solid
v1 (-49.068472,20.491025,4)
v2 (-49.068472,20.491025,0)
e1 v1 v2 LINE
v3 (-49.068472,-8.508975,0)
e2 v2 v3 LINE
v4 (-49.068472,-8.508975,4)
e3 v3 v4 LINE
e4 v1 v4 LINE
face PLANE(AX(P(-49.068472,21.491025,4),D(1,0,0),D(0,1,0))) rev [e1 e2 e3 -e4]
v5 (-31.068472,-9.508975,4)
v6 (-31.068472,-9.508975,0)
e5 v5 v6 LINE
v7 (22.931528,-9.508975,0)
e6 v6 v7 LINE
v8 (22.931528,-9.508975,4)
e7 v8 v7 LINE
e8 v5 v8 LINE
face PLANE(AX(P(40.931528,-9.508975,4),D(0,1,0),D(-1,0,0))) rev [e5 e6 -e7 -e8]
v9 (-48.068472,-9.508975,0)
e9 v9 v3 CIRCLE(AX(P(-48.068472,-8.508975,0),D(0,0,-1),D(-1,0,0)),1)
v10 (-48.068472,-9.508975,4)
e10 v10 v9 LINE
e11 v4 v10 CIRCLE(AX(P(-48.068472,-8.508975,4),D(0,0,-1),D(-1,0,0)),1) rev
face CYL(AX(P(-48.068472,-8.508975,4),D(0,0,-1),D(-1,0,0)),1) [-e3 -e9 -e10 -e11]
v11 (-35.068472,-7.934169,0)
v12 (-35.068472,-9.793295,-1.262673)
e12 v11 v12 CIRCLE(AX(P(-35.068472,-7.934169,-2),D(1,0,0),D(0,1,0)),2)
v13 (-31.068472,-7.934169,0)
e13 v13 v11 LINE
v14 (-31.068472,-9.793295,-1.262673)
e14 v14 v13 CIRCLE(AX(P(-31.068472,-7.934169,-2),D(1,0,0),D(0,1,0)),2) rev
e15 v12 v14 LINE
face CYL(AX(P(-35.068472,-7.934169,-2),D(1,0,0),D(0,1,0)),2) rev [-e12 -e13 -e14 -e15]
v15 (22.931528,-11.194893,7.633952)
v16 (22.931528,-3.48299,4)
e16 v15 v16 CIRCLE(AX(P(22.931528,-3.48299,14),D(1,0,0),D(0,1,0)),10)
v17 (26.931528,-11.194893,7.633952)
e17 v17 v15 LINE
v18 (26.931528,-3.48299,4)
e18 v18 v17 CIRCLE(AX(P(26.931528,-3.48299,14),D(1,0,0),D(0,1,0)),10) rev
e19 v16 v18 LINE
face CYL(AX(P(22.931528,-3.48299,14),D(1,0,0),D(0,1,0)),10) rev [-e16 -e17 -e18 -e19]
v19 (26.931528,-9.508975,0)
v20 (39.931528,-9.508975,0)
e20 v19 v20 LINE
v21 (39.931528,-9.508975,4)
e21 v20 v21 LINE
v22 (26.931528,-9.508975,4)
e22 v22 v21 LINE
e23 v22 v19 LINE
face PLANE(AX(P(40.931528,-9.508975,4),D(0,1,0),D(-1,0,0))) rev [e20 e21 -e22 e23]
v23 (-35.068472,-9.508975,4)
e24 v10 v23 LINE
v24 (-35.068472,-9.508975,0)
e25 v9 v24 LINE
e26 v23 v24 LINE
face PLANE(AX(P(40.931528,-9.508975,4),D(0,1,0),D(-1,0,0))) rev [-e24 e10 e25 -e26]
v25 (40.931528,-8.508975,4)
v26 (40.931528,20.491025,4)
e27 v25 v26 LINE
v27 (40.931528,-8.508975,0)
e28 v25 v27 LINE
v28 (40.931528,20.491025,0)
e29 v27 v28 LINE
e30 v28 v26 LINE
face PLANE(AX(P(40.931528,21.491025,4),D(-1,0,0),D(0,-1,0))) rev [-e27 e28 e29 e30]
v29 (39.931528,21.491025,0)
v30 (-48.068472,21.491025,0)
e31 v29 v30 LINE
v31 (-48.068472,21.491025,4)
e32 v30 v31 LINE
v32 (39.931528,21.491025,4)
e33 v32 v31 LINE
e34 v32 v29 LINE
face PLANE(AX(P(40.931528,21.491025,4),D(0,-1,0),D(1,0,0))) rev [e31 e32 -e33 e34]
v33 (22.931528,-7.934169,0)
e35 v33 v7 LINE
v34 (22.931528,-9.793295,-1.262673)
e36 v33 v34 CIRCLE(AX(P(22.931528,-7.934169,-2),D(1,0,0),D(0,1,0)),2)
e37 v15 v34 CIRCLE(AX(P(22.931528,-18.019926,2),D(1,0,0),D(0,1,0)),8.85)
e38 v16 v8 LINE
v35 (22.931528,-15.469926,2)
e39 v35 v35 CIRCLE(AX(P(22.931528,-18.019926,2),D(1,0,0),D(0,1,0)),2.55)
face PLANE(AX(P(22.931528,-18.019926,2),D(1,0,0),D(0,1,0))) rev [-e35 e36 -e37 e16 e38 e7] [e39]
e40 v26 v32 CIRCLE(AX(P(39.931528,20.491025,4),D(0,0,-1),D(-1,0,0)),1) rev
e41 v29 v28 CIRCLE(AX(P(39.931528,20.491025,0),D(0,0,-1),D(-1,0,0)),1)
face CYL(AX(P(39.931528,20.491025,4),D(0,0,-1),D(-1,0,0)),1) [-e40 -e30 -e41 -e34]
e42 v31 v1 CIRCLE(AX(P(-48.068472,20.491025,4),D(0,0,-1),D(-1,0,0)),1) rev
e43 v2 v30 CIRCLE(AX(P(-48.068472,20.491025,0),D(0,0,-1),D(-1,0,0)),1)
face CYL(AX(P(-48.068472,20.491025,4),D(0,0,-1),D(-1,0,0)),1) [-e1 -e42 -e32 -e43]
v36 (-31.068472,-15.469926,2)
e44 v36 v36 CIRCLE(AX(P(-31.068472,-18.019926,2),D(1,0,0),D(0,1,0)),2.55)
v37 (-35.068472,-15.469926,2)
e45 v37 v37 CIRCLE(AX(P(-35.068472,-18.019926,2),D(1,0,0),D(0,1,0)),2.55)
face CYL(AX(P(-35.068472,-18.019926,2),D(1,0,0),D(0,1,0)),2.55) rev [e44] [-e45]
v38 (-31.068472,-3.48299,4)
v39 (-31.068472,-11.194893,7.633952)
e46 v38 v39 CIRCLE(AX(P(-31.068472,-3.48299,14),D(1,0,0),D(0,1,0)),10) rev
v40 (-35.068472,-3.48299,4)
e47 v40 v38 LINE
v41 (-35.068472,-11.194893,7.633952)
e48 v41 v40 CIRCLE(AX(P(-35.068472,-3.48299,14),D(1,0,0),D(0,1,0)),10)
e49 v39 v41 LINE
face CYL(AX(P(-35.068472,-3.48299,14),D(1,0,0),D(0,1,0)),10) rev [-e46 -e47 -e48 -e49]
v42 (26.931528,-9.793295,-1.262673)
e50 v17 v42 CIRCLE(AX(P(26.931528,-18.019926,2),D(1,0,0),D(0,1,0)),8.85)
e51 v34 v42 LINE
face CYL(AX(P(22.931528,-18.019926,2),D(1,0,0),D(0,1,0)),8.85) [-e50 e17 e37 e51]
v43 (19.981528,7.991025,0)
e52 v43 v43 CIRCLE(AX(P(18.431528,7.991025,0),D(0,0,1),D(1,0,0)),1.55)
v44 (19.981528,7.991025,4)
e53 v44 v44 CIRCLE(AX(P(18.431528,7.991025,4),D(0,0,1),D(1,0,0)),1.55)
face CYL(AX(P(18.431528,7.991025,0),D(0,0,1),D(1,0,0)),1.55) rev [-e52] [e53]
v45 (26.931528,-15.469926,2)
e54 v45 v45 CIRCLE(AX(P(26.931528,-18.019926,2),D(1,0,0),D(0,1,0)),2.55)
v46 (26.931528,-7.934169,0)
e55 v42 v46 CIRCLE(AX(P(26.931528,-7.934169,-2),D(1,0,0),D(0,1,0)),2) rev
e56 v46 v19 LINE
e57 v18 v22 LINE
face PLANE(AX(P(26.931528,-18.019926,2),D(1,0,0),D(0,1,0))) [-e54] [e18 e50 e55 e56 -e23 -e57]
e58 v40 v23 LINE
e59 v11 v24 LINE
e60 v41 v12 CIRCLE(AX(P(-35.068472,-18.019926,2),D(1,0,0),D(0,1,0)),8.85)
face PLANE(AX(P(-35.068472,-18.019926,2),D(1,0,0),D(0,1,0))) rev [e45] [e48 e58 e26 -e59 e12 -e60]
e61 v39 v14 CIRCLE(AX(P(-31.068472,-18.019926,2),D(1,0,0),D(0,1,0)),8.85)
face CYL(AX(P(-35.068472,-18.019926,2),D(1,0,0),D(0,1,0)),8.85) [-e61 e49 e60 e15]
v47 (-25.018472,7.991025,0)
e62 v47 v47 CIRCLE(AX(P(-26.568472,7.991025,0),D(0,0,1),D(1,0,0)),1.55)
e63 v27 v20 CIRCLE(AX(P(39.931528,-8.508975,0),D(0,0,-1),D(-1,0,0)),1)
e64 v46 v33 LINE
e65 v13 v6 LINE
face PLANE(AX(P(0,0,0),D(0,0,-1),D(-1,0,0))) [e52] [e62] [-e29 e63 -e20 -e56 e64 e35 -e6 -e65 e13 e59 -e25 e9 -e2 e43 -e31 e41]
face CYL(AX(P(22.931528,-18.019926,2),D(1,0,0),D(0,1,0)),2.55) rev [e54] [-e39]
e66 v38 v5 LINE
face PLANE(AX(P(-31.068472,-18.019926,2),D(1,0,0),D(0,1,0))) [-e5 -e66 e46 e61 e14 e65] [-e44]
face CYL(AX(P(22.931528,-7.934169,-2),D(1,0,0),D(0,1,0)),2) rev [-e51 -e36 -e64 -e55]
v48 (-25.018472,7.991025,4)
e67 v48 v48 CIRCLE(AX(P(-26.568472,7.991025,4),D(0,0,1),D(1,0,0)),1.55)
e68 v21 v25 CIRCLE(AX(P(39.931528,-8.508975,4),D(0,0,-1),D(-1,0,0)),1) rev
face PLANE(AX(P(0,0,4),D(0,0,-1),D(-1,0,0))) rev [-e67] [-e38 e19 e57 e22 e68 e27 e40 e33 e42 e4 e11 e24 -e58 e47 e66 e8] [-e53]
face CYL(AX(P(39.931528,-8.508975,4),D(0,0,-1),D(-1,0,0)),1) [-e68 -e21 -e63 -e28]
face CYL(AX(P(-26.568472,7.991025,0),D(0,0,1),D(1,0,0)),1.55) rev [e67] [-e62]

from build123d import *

# Parameters (mm, degrees)
SKIZZE1_W                       = 90
SKIZZE1_H                       = 31
AUFSATZ_LINEAR_AUSTRAGEN1_DEPTH = 4
SKIZZE4_R                       = 8.85
SKIZZE4_R_2                     = 2.55
AUFSATZ_LINEAR_AUSTRAGEN3_DEPTH = 4
LINEARES_MUSTER1_COUNT          = 2
LINEARES_MUSTER1_PITCH          = 58
VERRUNDUNG2_R                   = 10
VERRUNDUNG3_R                   = 2
SKIZZE6_R                       = 1.55
SCHNITT_LINEAR_AUSTRAGEN1_DEPTH = 4
VERRUNDUNG4_R                   = 1


with BuildPart() as part:
    # Skizze1 → Aufsatz-Linear austragen1 (new body)
    with BuildSketch(Plane.XY):
        with Locations((-4.068471812, 5.991025438)):
            Rectangle(SKIZZE1_W, SKIZZE1_H)
    extrude(amount=AUFSATZ_LINEAR_AUSTRAGEN1_DEPTH)

    # Skizze4 → Aufsatz-Linear austragen3 (add)
    with BuildSketch(Plane(origin=(26.931528188, 0, 0), x_dir=(0, 0, -1), z_dir=(1, 0, 0))):
        with Locations((-2, -18.01992615)):
            Circle(SKIZZE4_R)
        with Locations((-2, -18.01992615)):
            Circle(SKIZZE4_R_2, mode=Mode.SUBTRACT)
    aufsatz_linear_austragen3 = extrude(amount=-AUFSATZ_LINEAR_AUSTRAGEN3_DEPTH)

    # Lineares Muster1: Aufsatz-Linear austragen3 ×2
    with Locations(*[(-i * LINEARES_MUSTER1_PITCH, 0, 0) for i in range(1, LINEARES_MUSTER1_COUNT)]):
        add(aufsatz_linear_austragen3)

    # Verrundung2
    verrundung2_edges = [part.edges().sort_by_distance(p)[0] for p in [
        (24.931528188, -9.39887633, 4),
        (-33.068471812, -9.39887633, 4),
    ]]
    fillet(verrundung2_edges, radius=VERRUNDUNG2_R)

    # Verrundung3
    verrundung3_edges = [part.edges().sort_by_distance(p)[0] for p in [
        (24.931528188, -9.39887633, 0),
        (-33.068471812, -9.39887633, 0),
    ]]
    fillet(verrundung3_edges, radius=VERRUNDUNG3_R)

    # Skizze6 → Schnitt-Linear austragen1 (cut)
    with BuildSketch(Plane.XY.offset(4)):
        with Locations((-26.568471812, 7.991025438)):
            Circle(SKIZZE6_R)
        with Locations((18.431528188, 7.991025438)):
            Circle(SKIZZE6_R)
    extrude(amount=-SCHNITT_LINEAR_AUSTRAGEN1_DEPTH, mode=Mode.SUBTRACT)

    # Verrundung4
    verrundung4_edges = [part.edges().sort_by_distance(p)[0] for p in [
        (40.931528188, -9.508974562, 2),
        (-49.068471812, -9.508974562, 2),
        (-49.068471812, 21.491025438, 2),
        (40.931528188, 21.491025438, 2),
    ]]
    fillet(verrundung4_edges, radius=VERRUNDUNG4_R)


solid = part.part
